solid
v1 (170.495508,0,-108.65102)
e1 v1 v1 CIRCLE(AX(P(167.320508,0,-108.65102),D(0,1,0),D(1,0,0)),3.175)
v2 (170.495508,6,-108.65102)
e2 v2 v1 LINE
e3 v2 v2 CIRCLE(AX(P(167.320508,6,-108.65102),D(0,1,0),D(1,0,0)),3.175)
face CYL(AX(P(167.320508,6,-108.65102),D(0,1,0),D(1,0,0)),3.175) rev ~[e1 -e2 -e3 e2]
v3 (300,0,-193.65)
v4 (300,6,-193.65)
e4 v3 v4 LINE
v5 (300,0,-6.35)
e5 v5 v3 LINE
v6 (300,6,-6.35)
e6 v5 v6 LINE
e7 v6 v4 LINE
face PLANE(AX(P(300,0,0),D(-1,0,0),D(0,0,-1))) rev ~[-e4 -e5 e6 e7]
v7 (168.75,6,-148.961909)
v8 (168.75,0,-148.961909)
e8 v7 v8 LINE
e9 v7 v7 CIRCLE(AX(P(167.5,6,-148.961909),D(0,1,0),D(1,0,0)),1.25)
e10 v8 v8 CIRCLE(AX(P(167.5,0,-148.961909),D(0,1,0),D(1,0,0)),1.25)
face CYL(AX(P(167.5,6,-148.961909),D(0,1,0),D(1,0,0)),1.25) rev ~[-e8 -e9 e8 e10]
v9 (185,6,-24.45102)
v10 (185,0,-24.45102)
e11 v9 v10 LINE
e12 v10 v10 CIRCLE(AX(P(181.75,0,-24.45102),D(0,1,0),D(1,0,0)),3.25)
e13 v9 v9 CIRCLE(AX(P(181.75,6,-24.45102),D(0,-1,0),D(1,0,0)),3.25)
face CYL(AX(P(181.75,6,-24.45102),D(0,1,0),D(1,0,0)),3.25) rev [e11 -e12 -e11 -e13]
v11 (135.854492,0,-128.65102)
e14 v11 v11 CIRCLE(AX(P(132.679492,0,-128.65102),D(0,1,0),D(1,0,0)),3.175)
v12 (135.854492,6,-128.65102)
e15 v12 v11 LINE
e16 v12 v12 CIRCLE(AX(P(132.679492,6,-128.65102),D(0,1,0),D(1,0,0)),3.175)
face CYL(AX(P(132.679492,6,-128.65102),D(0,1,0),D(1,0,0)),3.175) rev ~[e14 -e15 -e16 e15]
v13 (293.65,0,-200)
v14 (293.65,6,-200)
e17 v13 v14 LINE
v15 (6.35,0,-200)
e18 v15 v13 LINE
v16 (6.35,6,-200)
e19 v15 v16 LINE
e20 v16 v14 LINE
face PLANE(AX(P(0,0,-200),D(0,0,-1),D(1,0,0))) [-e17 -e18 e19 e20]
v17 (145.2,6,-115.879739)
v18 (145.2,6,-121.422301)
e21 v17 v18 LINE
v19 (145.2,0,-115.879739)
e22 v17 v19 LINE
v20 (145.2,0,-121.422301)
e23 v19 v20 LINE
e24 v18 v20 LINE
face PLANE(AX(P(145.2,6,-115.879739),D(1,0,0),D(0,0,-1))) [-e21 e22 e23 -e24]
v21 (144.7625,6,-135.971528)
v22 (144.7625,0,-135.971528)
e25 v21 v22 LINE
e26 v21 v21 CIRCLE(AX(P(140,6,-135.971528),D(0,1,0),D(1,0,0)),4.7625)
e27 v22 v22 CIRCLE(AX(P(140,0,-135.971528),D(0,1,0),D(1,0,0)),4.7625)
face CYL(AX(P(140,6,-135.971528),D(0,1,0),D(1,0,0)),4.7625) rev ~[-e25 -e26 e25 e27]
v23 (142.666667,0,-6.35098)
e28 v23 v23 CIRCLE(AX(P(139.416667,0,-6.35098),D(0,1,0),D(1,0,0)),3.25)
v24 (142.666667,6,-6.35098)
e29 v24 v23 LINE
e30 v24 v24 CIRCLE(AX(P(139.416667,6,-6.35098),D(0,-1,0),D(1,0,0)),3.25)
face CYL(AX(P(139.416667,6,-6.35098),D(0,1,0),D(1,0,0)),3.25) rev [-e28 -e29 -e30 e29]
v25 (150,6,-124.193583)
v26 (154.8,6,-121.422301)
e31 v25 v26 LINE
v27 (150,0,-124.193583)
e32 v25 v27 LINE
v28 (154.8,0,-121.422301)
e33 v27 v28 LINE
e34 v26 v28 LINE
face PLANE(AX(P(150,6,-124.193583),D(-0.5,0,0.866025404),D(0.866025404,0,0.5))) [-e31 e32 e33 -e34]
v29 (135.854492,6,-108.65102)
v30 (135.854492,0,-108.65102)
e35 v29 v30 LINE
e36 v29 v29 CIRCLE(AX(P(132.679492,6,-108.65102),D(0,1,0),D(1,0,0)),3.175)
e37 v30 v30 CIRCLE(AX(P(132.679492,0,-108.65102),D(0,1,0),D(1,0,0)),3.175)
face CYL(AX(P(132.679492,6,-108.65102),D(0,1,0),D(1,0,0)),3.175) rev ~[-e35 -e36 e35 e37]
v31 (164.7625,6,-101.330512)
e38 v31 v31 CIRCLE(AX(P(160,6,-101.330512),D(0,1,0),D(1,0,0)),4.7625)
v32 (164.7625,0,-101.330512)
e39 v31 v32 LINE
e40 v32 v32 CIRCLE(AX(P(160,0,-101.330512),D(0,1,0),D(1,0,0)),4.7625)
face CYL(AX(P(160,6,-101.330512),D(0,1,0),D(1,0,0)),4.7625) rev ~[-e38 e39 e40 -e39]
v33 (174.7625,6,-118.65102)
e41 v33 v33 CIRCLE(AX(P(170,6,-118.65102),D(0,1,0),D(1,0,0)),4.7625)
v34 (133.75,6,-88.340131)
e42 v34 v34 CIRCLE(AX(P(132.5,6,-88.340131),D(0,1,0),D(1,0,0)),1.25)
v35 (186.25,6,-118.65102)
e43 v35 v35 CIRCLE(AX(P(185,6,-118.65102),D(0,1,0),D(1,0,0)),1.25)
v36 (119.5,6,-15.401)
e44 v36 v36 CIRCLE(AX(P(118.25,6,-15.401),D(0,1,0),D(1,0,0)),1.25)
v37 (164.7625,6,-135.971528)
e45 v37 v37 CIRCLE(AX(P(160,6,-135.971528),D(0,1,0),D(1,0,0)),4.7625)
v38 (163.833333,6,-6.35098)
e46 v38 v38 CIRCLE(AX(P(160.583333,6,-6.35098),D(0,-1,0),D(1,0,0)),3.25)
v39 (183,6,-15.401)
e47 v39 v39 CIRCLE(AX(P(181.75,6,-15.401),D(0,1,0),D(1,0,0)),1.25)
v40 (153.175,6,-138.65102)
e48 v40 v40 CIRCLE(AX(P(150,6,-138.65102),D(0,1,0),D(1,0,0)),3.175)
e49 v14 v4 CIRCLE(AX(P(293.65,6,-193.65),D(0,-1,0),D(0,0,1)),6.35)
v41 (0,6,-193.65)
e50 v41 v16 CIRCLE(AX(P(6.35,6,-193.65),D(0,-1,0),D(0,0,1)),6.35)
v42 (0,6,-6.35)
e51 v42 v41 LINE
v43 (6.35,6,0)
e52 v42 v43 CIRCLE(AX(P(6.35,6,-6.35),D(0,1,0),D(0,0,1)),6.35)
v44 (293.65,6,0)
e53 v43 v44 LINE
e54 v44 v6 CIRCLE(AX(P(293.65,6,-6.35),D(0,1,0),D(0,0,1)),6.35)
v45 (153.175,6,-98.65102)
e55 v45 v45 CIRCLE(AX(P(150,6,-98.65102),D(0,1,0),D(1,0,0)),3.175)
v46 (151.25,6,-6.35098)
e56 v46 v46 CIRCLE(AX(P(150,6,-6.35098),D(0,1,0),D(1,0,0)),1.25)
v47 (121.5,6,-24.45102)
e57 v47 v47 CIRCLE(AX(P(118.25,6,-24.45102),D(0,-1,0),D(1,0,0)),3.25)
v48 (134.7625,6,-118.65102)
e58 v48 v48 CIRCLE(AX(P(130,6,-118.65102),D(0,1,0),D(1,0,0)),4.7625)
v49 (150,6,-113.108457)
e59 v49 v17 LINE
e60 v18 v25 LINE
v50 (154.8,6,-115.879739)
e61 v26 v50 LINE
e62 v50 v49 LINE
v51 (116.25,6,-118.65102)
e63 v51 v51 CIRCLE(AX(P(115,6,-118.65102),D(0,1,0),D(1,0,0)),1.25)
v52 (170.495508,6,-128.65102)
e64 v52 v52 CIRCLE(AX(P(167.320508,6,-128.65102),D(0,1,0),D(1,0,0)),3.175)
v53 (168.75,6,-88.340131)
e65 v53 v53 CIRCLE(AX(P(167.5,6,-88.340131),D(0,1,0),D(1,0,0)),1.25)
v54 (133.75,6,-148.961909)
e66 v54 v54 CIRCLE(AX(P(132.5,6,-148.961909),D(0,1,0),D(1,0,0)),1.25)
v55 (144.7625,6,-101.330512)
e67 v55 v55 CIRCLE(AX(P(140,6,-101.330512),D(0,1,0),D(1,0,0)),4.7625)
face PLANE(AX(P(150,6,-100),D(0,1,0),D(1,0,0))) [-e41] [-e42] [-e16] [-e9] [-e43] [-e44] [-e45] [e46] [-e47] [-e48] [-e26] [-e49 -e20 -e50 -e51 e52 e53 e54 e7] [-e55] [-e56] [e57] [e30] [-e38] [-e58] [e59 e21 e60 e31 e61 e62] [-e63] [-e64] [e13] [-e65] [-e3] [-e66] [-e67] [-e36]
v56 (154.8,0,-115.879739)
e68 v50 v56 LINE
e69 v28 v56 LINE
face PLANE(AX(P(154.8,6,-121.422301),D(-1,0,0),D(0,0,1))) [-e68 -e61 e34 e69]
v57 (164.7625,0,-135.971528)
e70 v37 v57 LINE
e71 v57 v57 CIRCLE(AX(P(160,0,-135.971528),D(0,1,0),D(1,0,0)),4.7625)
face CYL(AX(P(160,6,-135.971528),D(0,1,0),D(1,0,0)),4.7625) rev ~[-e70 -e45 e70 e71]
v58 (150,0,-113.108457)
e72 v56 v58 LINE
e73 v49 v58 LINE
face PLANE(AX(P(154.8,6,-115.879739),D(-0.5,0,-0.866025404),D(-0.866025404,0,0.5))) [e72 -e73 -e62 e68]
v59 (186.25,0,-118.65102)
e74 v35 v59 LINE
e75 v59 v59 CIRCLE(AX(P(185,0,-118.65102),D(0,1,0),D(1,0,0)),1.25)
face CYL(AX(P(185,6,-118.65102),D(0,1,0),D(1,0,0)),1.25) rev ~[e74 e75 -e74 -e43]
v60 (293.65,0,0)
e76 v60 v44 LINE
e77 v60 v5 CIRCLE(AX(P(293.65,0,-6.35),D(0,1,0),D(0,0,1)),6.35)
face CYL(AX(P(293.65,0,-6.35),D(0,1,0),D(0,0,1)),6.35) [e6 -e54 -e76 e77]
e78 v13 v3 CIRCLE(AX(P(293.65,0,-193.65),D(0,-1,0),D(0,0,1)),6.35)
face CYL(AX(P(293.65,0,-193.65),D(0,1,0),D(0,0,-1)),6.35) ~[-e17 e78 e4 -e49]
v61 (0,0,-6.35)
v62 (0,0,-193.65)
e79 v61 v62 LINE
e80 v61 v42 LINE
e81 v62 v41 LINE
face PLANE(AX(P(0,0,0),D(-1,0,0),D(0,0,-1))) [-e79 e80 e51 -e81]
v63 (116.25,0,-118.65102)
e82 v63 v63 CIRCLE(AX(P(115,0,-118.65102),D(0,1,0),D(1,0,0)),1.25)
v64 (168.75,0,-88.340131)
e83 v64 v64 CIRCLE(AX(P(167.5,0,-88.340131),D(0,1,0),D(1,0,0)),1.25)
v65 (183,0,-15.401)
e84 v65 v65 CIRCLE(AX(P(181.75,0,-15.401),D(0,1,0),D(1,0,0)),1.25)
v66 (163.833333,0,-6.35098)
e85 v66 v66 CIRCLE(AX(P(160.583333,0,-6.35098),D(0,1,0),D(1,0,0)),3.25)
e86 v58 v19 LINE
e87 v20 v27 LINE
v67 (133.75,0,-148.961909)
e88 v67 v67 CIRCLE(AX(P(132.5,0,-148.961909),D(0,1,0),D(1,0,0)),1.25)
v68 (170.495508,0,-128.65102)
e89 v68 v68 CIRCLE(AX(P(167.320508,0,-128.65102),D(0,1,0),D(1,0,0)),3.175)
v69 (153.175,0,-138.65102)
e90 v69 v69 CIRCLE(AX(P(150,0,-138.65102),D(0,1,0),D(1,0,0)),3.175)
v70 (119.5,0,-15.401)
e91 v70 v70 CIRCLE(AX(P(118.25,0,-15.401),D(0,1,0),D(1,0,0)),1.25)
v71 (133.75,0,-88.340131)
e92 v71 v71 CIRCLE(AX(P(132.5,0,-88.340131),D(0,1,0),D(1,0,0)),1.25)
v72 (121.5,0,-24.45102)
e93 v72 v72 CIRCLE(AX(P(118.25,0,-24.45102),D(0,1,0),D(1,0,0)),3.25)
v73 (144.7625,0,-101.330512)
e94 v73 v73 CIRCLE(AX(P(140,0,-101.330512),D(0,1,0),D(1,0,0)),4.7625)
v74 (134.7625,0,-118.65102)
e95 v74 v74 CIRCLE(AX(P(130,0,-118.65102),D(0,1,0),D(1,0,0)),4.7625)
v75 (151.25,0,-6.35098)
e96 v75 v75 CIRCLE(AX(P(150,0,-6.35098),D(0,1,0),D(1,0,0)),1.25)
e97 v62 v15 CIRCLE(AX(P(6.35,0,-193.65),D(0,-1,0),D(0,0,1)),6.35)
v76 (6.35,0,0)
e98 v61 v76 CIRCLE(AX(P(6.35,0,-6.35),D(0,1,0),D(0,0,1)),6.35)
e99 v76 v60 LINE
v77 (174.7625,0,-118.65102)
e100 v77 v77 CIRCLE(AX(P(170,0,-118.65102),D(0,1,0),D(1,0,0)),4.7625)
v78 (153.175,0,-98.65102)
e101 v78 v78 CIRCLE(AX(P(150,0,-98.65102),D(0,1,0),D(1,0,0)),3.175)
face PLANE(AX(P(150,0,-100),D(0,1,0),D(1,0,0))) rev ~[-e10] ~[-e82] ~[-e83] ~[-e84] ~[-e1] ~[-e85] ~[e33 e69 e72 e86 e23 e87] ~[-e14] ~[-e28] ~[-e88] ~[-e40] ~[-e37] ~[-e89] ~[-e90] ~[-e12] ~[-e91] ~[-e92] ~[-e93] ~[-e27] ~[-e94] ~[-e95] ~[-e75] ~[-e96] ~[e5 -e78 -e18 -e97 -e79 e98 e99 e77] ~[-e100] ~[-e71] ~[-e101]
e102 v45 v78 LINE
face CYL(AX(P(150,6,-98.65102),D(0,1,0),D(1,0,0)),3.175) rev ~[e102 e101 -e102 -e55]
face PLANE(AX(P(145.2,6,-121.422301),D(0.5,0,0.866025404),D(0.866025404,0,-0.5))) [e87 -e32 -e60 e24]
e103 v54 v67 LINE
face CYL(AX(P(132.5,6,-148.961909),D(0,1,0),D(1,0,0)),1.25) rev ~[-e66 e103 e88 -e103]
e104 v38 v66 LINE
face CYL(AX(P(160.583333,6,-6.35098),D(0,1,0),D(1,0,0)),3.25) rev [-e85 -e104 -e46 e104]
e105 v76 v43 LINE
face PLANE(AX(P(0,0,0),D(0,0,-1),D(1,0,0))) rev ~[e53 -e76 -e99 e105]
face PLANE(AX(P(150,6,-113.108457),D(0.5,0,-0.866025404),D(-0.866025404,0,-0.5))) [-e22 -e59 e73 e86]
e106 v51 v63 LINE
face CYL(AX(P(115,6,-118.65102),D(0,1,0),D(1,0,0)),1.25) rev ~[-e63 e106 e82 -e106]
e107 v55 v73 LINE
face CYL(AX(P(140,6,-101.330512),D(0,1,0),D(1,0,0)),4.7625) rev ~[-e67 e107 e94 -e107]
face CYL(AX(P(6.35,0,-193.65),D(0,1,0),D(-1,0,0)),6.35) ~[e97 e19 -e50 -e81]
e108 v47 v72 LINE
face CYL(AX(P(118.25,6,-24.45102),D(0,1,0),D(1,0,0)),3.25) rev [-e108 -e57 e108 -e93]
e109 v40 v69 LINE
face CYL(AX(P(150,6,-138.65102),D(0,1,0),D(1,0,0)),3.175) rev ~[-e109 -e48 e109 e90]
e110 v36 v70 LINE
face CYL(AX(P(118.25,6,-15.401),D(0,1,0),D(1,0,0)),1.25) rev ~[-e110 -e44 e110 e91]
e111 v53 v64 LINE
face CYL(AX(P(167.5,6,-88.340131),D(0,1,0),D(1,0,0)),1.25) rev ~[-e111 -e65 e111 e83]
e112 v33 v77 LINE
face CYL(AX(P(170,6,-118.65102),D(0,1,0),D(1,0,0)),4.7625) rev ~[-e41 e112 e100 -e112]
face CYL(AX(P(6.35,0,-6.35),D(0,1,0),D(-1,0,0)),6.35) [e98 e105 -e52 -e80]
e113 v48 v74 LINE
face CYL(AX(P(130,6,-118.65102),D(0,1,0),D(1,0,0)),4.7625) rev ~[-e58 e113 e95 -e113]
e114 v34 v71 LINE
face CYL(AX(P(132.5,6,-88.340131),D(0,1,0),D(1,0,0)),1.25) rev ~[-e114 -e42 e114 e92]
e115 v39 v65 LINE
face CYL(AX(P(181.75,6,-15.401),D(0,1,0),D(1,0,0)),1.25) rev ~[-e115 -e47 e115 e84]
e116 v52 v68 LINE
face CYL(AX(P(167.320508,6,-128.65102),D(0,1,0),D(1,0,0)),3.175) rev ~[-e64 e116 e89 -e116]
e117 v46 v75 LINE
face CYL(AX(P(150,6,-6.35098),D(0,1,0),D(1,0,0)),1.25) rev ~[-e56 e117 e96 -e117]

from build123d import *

# Parameters (mm, degrees)
SKETCH1_W            = 300
SKETCH1_H            = 200
BOSS_EXTRUDE1_DEPTH  = 6
SKETCH6_R            = 2.5
CUT_EXTRUDE2_DEPTH   = 7
FILLET1_R            = 6.35
SKETCH16_R           = 3.25
M5_TAP2_DEPTH        = 7
SKETCH17_R           = 1.25
SKETCH17_R_2         = 3.175
SKETCH17_R_3         = 4.7625
M3_COUNTERBORE_DEPTH = 7
CUT_EXTRUDE6_DEPTH   = 7
SKETCH19_R           = 1.25
CUT_EXTRUDE7_DEPTH   = 7


with BuildPart() as part:
    # Sketch1 → Boss-Extrude1 (new body)
    with BuildSketch(Plane(origin=(0, 0, 0), x_dir=(1, 0, 0), z_dir=(0, 1, 0))):
        with Locations((150, 100)):
            Rectangle(SKETCH1_W, SKETCH1_H)
    extrude(amount=BOSS_EXTRUDE1_DEPTH)

    # Sketch6 → Cut-Extrude2 (cut, through all)
    with BuildSketch(Plane(origin=(0, 6, 0), x_dir=(1, 0, 0), z_dir=(0, 1, 0))):
        with Locations((150, 118.65102)):
            Circle(SKETCH6_R)
    extrude(amount=-CUT_EXTRUDE2_DEPTH, mode=Mode.SUBTRACT)

    # Fillet1
    fillet1_edges = [part.edges().sort_by_distance(p)[0] for p in [
        (0, 3, -200),
        (300, 3, -200),
        (300, 3, 0),
        (0, 3, 0),
    ]]
    fillet(fillet1_edges, radius=FILLET1_R)

    # Sketch16 → M5-tap2 (cut, through all)
    with BuildSketch(Plane(origin=(0, 6, -5.8), x_dir=(1, 0, 0), z_dir=(0, -1, 0))):
        with Locations((118.25, -18.65102)):
            Circle(SKETCH16_R)
        with Locations((139.416666667, -0.55098)):
            Circle(SKETCH16_R)
        with Locations((160.583333333, -0.55098)):
            Circle(SKETCH16_R)
        with Locations((181.75, -18.65102)):
            Circle(SKETCH16_R)
    extrude(amount=M5_TAP2_DEPTH, mode=Mode.SUBTRACT)

    # Sketch17 → M3_counterbore (cut, through all)
    with BuildSketch(Plane(origin=(0, 6, 0), x_dir=(1, 0, 0), z_dir=(0, 1, 0))):
        with Locations((185, 118.65102)):
            Circle(SKETCH17_R)
        with Locations((167.5, 88.340130868)):
            Circle(SKETCH17_R)
        with Locations((132.5, 88.340130868)):
            Circle(SKETCH17_R)
        with Locations((115, 118.65102)):
            Circle(SKETCH17_R)
        with Locations((132.5, 148.961909132)):
            Circle(SKETCH17_R)
        with Locations((167.5, 148.961909132)):
            Circle(SKETCH17_R)
        with Locations((150, 138.65102)):
            Circle(SKETCH17_R_2)
        with Locations((167.320508076, 128.65102)):
            Circle(SKETCH17_R_2)
        with Locations((167.320508076, 108.65102)):
            Circle(SKETCH17_R_2)
        with Locations((150, 98.65102)):
            Circle(SKETCH17_R_2)
        with Locations((132.679491924, 108.65102)):
            Circle(SKETCH17_R_2)
        with Locations((132.679491924, 128.65102)):
            Circle(SKETCH17_R_2)
        with Locations((160, 135.971528076)):
            Circle(SKETCH17_R_3)
        with Locations((170, 118.65102)):
            Circle(SKETCH17_R_3)
        with Locations((160, 101.330511924)):
            Circle(SKETCH17_R_3)
        with Locations((140, 101.330511924)):
            Circle(SKETCH17_R_3)
        with Locations((130, 118.65102)):
            Circle(SKETCH17_R_3)
        with Locations((140, 135.971528076)):
            Circle(SKETCH17_R_3)
    extrude(amount=-M3_COUNTERBORE_DEPTH, mode=Mode.SUBTRACT)

    # Sketch18 → Cut-Extrude6 (cut, through all)
    with BuildSketch(Plane(origin=(0, 6, 0), x_dir=(1, 0, 0), z_dir=(0, 1, 0))):
        Polygon((154.8, 121.422301292), (154.8, 115.879738708), (150, 113.108457416), (145.2, 115.879738708), (145.2, 121.422301292), (150, 124.193582584), align=None)
    extrude(amount=-CUT_EXTRUDE6_DEPTH, mode=Mode.SUBTRACT)

    # Sketch19 → Cut-Extrude7 (cut, through all)
    with BuildSketch(Plane(origin=(0, 6, 0), x_dir=(1, 0, 0), z_dir=(0, 1, 0))):
        with Locations((118.25, 15.401)):
            Circle(SKETCH19_R)
        with Locations((150, 6.35098)):
            Circle(SKETCH19_R)
        with Locations((181.75, 15.401)):
            Circle(SKETCH19_R)
    extrude(amount=-CUT_EXTRUDE7_DEPTH, mode=Mode.SUBTRACT)


solid = part.part
